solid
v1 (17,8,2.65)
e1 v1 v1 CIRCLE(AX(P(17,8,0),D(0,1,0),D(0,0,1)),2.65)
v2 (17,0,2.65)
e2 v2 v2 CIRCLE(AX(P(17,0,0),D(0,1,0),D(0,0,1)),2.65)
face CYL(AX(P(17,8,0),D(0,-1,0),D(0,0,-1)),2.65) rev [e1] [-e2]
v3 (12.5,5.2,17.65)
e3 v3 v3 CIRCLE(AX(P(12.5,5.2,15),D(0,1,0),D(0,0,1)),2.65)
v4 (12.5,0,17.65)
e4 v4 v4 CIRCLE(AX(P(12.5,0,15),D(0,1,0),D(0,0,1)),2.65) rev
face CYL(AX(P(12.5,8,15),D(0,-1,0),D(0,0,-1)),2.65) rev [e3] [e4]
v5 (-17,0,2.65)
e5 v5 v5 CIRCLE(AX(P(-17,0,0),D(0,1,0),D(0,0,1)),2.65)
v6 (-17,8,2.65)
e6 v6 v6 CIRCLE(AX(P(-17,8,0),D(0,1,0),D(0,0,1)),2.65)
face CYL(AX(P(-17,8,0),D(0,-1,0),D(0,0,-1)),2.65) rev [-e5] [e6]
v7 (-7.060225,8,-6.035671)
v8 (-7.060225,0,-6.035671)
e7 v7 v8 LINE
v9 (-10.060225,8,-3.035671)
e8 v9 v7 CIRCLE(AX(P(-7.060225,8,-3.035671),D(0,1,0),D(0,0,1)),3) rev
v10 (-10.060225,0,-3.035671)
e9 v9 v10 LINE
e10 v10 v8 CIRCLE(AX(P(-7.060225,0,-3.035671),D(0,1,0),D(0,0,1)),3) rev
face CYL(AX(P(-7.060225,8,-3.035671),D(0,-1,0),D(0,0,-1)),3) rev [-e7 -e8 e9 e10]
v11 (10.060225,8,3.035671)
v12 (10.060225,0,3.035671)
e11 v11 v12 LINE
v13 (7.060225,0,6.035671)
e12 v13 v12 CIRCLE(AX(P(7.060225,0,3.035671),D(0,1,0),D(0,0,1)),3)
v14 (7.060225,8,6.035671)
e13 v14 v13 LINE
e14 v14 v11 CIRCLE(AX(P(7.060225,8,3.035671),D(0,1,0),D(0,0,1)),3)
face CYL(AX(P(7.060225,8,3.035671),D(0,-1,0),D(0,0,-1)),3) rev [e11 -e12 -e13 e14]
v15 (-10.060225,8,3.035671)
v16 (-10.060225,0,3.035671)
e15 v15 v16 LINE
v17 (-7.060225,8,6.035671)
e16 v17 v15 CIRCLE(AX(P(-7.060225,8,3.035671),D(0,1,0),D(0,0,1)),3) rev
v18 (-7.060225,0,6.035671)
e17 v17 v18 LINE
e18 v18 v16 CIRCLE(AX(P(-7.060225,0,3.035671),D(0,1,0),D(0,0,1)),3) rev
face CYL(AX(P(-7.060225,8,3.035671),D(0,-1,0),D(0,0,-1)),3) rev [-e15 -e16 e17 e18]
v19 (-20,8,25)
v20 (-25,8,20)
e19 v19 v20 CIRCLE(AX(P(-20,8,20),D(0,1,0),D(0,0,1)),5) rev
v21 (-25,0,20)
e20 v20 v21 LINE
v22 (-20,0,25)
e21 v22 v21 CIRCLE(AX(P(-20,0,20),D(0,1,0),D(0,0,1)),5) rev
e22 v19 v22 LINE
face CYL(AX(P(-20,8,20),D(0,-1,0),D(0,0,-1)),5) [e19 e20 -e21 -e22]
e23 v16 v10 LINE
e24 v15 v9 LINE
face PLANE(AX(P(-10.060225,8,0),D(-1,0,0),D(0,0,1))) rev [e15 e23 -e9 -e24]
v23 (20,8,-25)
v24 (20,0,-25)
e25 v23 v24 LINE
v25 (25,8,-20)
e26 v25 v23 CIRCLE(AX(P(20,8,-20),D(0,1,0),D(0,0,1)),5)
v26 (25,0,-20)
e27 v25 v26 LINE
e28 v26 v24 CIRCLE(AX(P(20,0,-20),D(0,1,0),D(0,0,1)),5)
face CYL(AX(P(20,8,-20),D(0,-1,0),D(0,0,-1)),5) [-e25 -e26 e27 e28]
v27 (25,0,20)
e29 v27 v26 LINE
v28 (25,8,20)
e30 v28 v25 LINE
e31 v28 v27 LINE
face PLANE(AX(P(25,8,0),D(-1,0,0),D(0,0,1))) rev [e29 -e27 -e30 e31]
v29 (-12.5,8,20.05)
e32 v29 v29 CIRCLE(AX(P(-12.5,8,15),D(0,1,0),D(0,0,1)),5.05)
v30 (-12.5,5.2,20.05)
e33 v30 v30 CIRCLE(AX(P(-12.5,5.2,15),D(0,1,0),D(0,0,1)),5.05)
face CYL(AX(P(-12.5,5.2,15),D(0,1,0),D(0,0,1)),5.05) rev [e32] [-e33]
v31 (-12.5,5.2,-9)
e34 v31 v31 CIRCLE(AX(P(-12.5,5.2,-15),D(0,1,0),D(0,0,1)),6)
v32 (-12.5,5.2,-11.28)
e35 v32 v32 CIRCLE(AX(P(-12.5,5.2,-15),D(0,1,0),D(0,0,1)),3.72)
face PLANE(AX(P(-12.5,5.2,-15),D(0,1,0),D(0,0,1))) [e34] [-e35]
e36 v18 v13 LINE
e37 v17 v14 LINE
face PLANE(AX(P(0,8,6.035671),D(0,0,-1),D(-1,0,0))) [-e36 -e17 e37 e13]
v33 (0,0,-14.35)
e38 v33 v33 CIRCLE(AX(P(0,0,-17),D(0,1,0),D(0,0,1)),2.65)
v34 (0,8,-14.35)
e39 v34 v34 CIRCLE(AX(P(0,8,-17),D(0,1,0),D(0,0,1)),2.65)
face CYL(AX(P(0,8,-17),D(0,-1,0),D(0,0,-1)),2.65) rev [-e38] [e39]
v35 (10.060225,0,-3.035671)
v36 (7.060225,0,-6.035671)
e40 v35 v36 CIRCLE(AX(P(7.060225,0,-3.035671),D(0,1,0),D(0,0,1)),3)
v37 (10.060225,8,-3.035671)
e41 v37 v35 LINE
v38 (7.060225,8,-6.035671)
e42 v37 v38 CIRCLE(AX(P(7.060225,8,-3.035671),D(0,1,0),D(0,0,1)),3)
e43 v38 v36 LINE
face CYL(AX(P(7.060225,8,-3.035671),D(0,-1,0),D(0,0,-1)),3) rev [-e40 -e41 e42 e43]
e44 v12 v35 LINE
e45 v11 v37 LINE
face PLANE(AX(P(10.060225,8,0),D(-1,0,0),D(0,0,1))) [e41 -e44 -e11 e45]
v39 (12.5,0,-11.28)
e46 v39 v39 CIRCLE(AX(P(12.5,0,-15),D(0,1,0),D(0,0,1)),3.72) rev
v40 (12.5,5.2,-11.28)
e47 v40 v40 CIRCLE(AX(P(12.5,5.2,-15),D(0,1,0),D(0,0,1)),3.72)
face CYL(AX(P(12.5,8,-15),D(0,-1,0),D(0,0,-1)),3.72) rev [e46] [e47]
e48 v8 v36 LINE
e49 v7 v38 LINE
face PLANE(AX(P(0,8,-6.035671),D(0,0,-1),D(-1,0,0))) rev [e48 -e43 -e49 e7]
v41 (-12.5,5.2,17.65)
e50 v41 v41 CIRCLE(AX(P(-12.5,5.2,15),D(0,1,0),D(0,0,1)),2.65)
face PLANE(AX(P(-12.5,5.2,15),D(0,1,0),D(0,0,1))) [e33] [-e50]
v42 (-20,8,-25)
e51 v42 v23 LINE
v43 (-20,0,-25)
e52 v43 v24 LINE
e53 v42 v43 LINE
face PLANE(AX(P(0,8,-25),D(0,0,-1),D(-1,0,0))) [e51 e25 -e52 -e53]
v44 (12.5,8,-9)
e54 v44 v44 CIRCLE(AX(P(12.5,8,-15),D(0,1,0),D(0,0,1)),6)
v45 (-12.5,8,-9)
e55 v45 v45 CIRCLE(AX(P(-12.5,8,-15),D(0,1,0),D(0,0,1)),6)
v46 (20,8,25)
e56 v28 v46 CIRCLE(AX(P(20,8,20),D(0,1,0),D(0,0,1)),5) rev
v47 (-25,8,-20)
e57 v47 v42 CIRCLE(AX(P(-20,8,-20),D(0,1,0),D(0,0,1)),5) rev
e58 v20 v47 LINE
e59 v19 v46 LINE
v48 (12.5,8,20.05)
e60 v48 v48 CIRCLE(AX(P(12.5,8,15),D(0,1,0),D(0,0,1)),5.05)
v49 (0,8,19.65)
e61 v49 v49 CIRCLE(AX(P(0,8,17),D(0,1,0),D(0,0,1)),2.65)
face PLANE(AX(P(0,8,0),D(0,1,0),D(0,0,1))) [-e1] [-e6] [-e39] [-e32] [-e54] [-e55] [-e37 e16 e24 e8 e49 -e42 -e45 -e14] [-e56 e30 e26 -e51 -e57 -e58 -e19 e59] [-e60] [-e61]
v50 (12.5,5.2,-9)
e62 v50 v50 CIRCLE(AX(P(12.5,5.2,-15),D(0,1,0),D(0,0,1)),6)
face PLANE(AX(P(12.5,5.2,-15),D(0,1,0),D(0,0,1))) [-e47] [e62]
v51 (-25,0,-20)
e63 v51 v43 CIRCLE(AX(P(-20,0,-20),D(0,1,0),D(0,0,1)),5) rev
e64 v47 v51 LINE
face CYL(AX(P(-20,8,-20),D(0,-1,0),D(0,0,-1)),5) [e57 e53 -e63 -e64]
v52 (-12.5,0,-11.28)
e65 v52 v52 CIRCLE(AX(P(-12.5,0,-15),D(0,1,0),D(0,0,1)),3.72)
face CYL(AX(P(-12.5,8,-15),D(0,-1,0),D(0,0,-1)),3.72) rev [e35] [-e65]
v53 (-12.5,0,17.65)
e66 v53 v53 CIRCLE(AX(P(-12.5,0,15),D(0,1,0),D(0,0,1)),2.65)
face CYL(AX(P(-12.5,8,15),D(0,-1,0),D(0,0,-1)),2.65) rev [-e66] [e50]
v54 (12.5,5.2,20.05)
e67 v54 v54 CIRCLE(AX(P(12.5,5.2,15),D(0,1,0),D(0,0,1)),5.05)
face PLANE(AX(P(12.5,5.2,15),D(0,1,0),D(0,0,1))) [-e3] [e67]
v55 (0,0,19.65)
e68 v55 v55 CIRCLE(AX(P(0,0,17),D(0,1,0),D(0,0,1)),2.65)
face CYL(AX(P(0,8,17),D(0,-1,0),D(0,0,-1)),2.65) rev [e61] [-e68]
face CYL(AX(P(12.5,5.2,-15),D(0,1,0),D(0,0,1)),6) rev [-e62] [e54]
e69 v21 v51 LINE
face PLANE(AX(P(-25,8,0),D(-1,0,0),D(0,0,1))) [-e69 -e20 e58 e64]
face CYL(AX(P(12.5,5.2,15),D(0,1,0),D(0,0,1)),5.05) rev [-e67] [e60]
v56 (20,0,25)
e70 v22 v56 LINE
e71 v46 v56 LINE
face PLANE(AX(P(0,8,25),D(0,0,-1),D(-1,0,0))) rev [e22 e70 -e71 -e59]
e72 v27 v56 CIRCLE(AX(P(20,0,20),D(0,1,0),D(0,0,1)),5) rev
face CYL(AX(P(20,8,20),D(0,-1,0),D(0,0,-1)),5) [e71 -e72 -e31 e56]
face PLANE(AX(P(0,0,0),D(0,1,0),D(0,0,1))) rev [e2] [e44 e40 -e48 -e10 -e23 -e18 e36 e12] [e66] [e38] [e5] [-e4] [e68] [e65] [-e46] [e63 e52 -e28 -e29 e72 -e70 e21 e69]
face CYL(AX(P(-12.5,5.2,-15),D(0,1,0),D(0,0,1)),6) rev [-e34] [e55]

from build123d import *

# Parameters (mm, degrees)
CROQUIS1_R              = 2.65
CROQUIS1_R_2            = 3.72
SALIENTE_EXTRUIR2_DEPTH = 8
CORTAR_EXTRUIR1_START   = 8
CROQUIS1_4_R            = 5.05
CROQUIS1_4_R_2          = 6
CORTAR_EXTRUIR1_DEPTH   = 2.8


with BuildPart() as part:
    # Croquis1 → Saliente-Extruir2 (new body)
    with BuildSketch(Plane(origin=(0, 0, 0), x_dir=(1, 0, 0), z_dir=(0, 1, 0))):
        with BuildLine():
            Line((-20, -25), (20, -25))
            ThreePointArc((20, -25), (23.535533906, -23.535533906), (25, -20))
            Line((25, -20), (25, 20))
            ThreePointArc((25, 20), (23.535533906, 23.535533906), (20, 25))
            Line((20, 25), (-20, 25))
            ThreePointArc((-20, 25), (-23.535533906, 23.535533906), (-25, 20))
            Line((-25, 20), (-25, -20))
            ThreePointArc((-25, -20), (-23.535533906, -23.535533906), (-20, -25))
        make_face()
        with Locations((-12.5, -15)):
            Circle(CROQUIS1_R, mode=Mode.SUBTRACT)
        with Locations((-12.5, 15)):
            Circle(CROQUIS1_R_2, mode=Mode.SUBTRACT)
        with Locations((0, -17)):
            Circle(CROQUIS1_R, mode=Mode.SUBTRACT)
        with Locations((-17, 0)):
            Circle(CROQUIS1_R, mode=Mode.SUBTRACT)
        with Locations((0, 17)):
            Circle(CROQUIS1_R, mode=Mode.SUBTRACT)
        with Locations((17, 0)):
            Circle(CROQUIS1_R, mode=Mode.SUBTRACT)
        with Locations((12.5, -15)):
            Circle(CROQUIS1_R, mode=Mode.SUBTRACT)
        with Locations((12.5, 15)):
            Circle(CROQUIS1_R_2, mode=Mode.SUBTRACT)
        with BuildLine():
            Line((-7.060224725, -6.03567091), (7.060224725, -6.03567091))
            ThreePointArc((7.060224725, -6.03567091), (9.181545068, -5.156991253), (10.060224725, -3.03567091))
            Line((10.060224725, -3.03567091), (10.060224725, 3.03567091))
            ThreePointArc((10.060224725, 3.03567091), (9.181545068, 5.156991253), (7.060224725, 6.03567091))
            Line((7.060224725, 6.03567091), (-7.060224725, 6.03567091))
            ThreePointArc((-7.060224725, 6.03567091), (-9.181545068, 5.156991253), (-10.060224725, 3.03567091))
            Line((-10.060224725, 3.03567091), (-10.060224725, -3.03567091))
            ThreePointArc((-10.060224725, -3.03567091), (-9.181545068, -5.156991253), (-7.060224725, -6.03567091))
        make_face(mode=Mode.SUBTRACT)
    extrude(amount=SALIENTE_EXTRUIR2_DEPTH)

    # Croquis1<4> → Cortar-Extruir1 (cut)
    with BuildSketch(Plane(origin=(0, 0, 0), x_dir=(1, 0, 0), z_dir=(0, 1, 0)).offset(CORTAR_EXTRUIR1_START)):
        with Locations((-12.5, -15)):
            Circle(CROQUIS1_4_R)
        with Locations((-12.5, 15)):
            Circle(CROQUIS1_4_R_2)
        with Locations((12.5, -15)):
            Circle(CROQUIS1_4_R)
        with Locations((12.5, 15)):
            Circle(CROQUIS1_4_R_2)
    extrude(amount=-CORTAR_EXTRUIR1_DEPTH, mode=Mode.SUBTRACT)


solid = part.part
